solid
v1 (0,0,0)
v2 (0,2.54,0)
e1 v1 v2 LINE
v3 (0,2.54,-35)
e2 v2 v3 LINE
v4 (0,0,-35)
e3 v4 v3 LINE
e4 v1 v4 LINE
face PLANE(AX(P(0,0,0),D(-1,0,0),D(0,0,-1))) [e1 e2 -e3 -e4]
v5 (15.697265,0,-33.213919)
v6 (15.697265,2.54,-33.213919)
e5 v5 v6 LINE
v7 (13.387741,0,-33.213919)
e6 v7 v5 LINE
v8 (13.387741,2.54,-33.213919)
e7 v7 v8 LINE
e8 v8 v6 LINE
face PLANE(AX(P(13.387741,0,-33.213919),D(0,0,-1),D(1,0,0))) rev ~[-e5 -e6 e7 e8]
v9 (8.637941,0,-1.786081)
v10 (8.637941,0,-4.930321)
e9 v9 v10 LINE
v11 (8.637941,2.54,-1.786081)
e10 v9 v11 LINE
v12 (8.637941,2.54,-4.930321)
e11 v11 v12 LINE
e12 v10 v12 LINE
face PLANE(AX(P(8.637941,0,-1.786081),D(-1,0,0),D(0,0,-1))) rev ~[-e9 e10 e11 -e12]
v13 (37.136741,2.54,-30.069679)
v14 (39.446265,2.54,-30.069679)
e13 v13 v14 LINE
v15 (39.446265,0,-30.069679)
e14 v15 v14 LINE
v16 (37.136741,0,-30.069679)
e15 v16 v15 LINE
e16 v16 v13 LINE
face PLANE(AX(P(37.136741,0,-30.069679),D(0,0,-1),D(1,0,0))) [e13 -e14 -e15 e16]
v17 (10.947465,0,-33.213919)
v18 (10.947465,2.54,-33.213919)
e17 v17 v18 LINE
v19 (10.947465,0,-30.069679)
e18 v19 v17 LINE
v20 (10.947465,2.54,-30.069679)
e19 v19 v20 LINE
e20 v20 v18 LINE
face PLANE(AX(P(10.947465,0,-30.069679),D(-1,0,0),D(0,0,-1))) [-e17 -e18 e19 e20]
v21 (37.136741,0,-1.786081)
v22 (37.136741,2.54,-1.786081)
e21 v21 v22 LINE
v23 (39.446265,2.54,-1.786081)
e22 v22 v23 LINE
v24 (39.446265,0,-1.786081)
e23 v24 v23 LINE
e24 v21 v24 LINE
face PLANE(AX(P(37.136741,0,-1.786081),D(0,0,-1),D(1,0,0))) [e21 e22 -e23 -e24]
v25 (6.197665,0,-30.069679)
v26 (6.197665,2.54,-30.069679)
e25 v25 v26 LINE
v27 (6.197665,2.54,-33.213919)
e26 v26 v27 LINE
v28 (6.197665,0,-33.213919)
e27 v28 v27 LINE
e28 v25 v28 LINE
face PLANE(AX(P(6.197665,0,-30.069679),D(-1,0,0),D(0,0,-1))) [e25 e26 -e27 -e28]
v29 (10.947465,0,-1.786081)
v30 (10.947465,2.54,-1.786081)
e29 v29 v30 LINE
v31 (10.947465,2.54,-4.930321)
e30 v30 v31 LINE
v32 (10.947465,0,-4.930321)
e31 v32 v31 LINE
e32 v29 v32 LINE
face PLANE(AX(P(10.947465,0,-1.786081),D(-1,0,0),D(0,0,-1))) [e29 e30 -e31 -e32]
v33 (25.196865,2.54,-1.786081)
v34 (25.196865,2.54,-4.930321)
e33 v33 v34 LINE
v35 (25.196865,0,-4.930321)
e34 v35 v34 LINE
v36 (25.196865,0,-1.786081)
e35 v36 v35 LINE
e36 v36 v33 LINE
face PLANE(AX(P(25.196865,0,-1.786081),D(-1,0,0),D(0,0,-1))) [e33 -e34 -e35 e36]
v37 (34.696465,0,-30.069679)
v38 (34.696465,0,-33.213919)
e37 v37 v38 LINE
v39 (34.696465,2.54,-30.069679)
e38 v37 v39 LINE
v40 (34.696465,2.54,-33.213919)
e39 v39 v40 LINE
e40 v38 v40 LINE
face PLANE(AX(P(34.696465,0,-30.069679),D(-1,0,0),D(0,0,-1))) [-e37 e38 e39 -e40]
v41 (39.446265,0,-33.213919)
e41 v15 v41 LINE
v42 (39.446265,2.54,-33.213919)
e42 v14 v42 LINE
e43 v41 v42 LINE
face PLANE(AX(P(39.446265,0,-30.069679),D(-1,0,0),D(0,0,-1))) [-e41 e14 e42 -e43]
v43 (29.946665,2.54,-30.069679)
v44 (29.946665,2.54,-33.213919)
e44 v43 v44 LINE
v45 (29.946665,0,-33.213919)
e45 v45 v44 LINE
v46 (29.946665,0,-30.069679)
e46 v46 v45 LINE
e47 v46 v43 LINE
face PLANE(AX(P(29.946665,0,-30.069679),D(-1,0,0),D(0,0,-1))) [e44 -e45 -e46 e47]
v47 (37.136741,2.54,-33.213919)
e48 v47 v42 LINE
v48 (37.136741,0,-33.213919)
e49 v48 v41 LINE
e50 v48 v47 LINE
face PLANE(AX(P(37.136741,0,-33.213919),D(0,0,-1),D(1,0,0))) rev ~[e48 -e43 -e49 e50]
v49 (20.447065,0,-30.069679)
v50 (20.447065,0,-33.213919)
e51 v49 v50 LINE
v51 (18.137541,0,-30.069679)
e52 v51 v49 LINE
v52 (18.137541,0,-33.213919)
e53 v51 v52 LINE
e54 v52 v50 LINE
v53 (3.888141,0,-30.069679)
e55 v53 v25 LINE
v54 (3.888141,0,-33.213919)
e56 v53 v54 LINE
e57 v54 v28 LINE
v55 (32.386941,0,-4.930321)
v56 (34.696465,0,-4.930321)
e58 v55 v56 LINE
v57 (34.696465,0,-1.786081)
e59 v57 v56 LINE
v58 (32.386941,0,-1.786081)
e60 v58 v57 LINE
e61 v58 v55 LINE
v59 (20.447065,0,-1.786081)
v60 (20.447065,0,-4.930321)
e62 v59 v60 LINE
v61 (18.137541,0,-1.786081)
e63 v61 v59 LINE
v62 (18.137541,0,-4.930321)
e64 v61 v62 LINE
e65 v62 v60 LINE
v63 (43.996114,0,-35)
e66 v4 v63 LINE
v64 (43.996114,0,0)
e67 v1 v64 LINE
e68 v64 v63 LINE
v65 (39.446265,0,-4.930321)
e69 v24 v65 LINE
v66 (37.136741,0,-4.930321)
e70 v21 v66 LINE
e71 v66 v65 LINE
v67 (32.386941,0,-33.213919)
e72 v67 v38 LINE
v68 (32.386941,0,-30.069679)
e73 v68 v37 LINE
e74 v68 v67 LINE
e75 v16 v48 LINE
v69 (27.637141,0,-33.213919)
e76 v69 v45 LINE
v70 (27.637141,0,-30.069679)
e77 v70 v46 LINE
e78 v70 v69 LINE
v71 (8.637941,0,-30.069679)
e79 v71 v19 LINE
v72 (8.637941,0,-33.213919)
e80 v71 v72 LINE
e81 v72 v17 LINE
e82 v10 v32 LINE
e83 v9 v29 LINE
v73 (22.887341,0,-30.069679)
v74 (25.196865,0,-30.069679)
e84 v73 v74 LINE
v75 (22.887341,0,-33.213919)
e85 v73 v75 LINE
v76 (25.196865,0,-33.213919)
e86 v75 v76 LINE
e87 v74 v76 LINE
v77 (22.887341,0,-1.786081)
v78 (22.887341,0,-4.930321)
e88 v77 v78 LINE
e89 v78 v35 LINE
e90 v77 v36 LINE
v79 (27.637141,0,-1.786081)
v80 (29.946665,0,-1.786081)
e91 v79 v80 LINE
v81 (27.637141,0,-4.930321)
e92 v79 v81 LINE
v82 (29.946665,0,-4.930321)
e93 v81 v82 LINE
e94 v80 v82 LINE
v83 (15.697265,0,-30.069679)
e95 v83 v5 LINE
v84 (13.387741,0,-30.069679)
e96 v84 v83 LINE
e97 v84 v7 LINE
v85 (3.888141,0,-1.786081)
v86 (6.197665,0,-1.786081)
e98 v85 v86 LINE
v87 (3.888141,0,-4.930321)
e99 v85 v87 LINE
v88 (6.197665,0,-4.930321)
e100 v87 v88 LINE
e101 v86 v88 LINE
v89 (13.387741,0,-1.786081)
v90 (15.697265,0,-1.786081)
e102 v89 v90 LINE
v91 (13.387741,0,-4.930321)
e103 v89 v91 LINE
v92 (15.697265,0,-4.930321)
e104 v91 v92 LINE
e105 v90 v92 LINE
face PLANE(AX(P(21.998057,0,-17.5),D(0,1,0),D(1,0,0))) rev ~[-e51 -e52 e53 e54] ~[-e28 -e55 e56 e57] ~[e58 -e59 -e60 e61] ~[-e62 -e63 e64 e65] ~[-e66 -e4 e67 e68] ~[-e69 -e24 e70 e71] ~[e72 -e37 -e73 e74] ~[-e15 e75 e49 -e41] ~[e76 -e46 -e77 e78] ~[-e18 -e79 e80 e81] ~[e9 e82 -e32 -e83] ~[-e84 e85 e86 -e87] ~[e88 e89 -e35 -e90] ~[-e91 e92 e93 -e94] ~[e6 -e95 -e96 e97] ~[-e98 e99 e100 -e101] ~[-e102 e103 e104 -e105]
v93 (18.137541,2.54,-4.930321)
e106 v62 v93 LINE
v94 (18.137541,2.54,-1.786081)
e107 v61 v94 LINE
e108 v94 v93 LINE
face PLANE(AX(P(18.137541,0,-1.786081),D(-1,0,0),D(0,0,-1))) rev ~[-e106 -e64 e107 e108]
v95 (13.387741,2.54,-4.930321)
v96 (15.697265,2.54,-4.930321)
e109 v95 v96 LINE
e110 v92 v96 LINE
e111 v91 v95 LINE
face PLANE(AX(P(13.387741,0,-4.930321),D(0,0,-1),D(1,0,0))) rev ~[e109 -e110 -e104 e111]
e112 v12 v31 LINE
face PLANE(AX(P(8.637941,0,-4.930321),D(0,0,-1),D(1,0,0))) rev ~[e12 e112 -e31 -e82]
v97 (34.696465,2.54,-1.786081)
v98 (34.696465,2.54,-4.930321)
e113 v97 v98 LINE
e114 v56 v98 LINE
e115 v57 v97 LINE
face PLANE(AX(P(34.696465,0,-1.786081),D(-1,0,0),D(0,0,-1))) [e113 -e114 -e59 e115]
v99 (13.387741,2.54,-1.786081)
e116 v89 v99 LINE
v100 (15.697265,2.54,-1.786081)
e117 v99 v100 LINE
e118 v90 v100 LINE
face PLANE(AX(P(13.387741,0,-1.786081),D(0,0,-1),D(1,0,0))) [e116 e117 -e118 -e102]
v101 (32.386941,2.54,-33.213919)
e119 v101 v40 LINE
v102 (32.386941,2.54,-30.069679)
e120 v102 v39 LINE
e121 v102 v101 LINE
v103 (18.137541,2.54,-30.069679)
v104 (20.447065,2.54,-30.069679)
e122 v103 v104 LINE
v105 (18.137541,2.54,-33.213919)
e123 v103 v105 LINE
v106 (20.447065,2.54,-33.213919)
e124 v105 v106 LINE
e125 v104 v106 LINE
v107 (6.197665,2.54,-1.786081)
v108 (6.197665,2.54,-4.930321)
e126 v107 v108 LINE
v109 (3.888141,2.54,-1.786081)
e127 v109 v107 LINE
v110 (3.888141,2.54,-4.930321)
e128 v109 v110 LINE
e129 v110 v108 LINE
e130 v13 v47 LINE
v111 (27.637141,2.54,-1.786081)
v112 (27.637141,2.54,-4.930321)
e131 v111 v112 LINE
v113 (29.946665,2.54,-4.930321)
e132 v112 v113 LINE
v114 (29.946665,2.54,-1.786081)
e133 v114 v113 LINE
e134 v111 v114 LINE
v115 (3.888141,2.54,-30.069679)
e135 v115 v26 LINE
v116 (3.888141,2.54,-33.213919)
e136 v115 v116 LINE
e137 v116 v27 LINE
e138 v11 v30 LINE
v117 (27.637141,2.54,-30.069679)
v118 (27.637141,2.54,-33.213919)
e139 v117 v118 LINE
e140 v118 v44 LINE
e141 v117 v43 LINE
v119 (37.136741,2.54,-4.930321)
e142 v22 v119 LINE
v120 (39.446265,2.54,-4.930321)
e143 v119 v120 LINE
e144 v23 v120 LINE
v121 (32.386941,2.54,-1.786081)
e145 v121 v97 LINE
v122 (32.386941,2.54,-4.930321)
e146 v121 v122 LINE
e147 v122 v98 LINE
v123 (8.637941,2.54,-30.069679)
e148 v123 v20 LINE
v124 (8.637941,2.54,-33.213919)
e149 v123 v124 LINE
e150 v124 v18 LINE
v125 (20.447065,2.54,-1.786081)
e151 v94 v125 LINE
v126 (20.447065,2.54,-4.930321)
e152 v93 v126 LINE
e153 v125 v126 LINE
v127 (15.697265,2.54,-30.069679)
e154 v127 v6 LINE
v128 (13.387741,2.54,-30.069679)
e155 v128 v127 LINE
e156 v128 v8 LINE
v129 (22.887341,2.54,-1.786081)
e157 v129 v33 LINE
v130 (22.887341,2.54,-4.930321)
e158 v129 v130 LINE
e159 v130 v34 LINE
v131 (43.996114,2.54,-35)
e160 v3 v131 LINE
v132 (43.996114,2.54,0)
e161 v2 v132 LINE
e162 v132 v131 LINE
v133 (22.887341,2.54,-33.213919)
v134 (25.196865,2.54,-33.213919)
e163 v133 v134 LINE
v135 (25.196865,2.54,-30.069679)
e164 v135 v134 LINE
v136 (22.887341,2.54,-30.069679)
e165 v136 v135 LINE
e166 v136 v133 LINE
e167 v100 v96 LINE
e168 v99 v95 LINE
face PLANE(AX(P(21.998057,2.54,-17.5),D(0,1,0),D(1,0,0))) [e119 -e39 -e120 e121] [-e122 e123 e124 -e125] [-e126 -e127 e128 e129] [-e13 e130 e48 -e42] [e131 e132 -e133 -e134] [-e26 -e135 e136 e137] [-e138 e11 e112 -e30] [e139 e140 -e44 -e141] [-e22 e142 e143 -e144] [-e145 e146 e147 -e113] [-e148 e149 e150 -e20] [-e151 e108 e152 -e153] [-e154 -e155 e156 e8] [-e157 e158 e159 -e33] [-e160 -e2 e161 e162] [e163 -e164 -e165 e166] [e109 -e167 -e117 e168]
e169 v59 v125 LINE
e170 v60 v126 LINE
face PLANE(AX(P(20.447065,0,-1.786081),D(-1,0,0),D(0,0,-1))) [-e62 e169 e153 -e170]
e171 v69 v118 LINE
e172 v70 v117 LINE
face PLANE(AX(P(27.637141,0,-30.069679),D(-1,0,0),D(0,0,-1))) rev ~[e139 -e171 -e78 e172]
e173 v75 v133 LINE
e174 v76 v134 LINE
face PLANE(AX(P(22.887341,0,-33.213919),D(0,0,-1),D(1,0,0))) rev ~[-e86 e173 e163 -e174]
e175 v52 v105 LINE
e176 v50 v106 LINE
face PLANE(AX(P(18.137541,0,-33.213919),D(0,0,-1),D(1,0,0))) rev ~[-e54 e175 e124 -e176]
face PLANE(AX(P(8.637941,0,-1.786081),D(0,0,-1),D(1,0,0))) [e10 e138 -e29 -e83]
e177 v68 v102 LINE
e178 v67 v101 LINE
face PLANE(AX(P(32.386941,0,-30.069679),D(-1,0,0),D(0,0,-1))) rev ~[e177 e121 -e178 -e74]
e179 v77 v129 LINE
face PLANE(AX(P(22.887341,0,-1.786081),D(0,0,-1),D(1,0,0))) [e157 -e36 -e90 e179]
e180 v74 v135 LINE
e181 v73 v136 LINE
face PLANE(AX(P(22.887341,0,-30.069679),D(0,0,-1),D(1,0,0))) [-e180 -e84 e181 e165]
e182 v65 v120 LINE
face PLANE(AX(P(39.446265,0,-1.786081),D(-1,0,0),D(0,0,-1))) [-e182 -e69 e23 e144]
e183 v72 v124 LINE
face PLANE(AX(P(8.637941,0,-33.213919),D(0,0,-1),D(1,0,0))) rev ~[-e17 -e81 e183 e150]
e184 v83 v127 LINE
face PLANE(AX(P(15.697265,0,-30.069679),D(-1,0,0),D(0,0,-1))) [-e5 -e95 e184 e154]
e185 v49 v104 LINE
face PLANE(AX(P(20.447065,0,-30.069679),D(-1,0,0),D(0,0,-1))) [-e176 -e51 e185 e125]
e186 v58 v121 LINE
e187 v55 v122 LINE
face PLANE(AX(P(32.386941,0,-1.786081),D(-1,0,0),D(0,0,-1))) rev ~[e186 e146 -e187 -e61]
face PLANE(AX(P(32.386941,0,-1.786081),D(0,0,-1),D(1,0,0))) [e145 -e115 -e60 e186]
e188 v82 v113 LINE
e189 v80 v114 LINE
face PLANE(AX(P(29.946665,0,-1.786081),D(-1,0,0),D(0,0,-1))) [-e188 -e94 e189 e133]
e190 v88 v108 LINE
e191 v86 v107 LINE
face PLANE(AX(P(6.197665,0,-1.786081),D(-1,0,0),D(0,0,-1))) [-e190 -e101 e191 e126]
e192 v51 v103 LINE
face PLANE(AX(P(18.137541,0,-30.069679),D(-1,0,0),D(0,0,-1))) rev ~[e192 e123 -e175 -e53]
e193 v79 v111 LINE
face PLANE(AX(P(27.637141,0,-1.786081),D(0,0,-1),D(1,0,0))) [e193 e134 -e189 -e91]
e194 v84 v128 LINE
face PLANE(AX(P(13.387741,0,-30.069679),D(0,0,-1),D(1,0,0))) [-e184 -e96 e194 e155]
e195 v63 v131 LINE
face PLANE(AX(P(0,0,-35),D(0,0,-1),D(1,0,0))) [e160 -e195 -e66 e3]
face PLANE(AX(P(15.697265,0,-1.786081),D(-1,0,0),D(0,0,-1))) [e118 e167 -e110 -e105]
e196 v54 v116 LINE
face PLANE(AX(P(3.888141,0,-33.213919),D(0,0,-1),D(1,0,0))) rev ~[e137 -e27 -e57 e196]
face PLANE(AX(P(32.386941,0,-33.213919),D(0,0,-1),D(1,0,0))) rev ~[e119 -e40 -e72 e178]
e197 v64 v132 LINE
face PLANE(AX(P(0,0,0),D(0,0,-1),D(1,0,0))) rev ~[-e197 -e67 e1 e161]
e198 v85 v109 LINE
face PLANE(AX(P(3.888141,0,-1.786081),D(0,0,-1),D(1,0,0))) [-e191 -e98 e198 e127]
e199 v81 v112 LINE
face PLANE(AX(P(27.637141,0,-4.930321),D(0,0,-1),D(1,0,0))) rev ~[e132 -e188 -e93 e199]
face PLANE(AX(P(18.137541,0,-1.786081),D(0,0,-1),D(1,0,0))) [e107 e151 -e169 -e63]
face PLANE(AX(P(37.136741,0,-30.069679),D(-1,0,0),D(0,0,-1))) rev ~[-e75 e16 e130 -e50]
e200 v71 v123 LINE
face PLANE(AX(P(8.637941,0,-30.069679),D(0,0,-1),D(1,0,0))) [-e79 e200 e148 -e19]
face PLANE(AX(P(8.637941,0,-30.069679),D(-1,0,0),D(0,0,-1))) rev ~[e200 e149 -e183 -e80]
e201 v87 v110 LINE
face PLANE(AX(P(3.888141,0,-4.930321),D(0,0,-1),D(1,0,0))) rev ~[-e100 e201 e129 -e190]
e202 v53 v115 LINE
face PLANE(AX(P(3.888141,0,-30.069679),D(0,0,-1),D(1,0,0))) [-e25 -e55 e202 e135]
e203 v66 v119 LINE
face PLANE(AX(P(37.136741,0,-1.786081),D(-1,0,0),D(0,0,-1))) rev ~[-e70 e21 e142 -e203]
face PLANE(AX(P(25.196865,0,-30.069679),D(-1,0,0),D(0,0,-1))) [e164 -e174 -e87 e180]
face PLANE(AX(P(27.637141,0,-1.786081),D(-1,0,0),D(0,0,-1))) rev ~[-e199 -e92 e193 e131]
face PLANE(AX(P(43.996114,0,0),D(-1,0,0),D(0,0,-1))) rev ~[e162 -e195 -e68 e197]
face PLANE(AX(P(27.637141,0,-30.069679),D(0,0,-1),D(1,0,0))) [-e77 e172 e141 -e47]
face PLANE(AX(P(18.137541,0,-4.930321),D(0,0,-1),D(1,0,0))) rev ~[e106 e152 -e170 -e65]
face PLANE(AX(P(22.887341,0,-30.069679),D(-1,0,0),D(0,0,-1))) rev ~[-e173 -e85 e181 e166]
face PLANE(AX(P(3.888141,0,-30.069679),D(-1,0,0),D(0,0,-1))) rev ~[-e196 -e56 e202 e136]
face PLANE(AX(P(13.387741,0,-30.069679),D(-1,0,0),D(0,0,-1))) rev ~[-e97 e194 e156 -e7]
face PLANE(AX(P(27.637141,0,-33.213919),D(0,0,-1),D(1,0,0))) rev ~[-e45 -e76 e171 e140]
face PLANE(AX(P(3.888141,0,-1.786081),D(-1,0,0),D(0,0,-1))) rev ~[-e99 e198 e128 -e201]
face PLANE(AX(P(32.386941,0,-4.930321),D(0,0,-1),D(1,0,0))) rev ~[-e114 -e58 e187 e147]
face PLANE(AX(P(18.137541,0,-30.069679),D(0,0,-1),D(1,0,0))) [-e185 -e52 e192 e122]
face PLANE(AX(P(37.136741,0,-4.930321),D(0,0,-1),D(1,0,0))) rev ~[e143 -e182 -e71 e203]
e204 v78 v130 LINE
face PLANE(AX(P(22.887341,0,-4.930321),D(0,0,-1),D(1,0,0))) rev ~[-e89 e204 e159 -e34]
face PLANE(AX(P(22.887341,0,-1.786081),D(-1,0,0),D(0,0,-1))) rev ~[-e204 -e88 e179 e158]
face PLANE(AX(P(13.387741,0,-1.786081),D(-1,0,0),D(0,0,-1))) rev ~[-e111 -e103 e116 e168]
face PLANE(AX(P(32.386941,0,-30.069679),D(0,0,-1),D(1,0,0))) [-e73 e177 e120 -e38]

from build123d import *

# Parameters (mm, degrees)
SKETCH1_W           = 43.996114434
SKETCH1_H           = 35
SKETCH1_W_2         = 2.309524735
SKETCH1_H_2         = 3.144240455
BOSS_EXTRUDE1_DEPTH = 2.54


with BuildPart() as part:
    # Sketch1 → Boss-Extrude1 (new body)
    with BuildSketch(Plane(origin=(0, 0, 0), x_dir=(1, 0, 0), z_dir=(0, 1, 0))):
        with Locations((21.998057217, 17.5)):
            Rectangle(SKETCH1_W, SKETCH1_H)
        with Locations((9.792703118, 31.641798865)):
            Rectangle(SKETCH1_W_2, SKETCH1_H_2, mode=Mode.SUBTRACT)
        with Locations((5.042903118, 31.641798865)):
            Rectangle(SKETCH1_W_2, SKETCH1_H_2, mode=Mode.SUBTRACT)
        with Locations((14.542503118, 31.641798865)):
            Rectangle(SKETCH1_W_2, SKETCH1_H_2, mode=Mode.SUBTRACT)
        with Locations((19.292303117, 31.641798865)):
            Rectangle(SKETCH1_W_2, SKETCH1_H_2, mode=Mode.SUBTRACT)
        with Locations((24.042103117, 31.641798865)):
            Rectangle(SKETCH1_W_2, SKETCH1_H_2, mode=Mode.SUBTRACT)
        with Locations((28.791903117, 31.641798865)):
            Rectangle(SKETCH1_W_2, SKETCH1_H_2, mode=Mode.SUBTRACT)
        with Locations((33.541703118, 31.641798865)):
            Rectangle(SKETCH1_W_2, SKETCH1_H_2, mode=Mode.SUBTRACT)
        with Locations((38.291503117, 31.641798865)):
            Rectangle(SKETCH1_W_2, SKETCH1_H_2, mode=Mode.SUBTRACT)
        with Locations((38.291503117, 3.358201135)):
            Rectangle(SKETCH1_W_2, SKETCH1_H_2, mode=Mode.SUBTRACT)
        with Locations((33.541703118, 3.358201135)):
            Rectangle(SKETCH1_W_2, SKETCH1_H_2, mode=Mode.SUBTRACT)
        with Locations((28.791903117, 3.358201135)):
            Rectangle(SKETCH1_W_2, SKETCH1_H_2, mode=Mode.SUBTRACT)
        with Locations((24.042103117, 3.358201135)):
            Rectangle(SKETCH1_W_2, SKETCH1_H_2, mode=Mode.SUBTRACT)
        with Locations((19.292303117, 3.358201135)):
            Rectangle(SKETCH1_W_2, SKETCH1_H_2, mode=Mode.SUBTRACT)
        with Locations((14.542503118, 3.358201135)):
            Rectangle(SKETCH1_W_2, SKETCH1_H_2, mode=Mode.SUBTRACT)
        with Locations((9.792703118, 3.358201135)):
            Rectangle(SKETCH1_W_2, SKETCH1_H_2, mode=Mode.SUBTRACT)
        with Locations((5.042903118, 3.358201135)):
            Rectangle(SKETCH1_W_2, SKETCH1_H_2, mode=Mode.SUBTRACT)
    extrude(amount=BOSS_EXTRUDE1_DEPTH)


solid = part.part
